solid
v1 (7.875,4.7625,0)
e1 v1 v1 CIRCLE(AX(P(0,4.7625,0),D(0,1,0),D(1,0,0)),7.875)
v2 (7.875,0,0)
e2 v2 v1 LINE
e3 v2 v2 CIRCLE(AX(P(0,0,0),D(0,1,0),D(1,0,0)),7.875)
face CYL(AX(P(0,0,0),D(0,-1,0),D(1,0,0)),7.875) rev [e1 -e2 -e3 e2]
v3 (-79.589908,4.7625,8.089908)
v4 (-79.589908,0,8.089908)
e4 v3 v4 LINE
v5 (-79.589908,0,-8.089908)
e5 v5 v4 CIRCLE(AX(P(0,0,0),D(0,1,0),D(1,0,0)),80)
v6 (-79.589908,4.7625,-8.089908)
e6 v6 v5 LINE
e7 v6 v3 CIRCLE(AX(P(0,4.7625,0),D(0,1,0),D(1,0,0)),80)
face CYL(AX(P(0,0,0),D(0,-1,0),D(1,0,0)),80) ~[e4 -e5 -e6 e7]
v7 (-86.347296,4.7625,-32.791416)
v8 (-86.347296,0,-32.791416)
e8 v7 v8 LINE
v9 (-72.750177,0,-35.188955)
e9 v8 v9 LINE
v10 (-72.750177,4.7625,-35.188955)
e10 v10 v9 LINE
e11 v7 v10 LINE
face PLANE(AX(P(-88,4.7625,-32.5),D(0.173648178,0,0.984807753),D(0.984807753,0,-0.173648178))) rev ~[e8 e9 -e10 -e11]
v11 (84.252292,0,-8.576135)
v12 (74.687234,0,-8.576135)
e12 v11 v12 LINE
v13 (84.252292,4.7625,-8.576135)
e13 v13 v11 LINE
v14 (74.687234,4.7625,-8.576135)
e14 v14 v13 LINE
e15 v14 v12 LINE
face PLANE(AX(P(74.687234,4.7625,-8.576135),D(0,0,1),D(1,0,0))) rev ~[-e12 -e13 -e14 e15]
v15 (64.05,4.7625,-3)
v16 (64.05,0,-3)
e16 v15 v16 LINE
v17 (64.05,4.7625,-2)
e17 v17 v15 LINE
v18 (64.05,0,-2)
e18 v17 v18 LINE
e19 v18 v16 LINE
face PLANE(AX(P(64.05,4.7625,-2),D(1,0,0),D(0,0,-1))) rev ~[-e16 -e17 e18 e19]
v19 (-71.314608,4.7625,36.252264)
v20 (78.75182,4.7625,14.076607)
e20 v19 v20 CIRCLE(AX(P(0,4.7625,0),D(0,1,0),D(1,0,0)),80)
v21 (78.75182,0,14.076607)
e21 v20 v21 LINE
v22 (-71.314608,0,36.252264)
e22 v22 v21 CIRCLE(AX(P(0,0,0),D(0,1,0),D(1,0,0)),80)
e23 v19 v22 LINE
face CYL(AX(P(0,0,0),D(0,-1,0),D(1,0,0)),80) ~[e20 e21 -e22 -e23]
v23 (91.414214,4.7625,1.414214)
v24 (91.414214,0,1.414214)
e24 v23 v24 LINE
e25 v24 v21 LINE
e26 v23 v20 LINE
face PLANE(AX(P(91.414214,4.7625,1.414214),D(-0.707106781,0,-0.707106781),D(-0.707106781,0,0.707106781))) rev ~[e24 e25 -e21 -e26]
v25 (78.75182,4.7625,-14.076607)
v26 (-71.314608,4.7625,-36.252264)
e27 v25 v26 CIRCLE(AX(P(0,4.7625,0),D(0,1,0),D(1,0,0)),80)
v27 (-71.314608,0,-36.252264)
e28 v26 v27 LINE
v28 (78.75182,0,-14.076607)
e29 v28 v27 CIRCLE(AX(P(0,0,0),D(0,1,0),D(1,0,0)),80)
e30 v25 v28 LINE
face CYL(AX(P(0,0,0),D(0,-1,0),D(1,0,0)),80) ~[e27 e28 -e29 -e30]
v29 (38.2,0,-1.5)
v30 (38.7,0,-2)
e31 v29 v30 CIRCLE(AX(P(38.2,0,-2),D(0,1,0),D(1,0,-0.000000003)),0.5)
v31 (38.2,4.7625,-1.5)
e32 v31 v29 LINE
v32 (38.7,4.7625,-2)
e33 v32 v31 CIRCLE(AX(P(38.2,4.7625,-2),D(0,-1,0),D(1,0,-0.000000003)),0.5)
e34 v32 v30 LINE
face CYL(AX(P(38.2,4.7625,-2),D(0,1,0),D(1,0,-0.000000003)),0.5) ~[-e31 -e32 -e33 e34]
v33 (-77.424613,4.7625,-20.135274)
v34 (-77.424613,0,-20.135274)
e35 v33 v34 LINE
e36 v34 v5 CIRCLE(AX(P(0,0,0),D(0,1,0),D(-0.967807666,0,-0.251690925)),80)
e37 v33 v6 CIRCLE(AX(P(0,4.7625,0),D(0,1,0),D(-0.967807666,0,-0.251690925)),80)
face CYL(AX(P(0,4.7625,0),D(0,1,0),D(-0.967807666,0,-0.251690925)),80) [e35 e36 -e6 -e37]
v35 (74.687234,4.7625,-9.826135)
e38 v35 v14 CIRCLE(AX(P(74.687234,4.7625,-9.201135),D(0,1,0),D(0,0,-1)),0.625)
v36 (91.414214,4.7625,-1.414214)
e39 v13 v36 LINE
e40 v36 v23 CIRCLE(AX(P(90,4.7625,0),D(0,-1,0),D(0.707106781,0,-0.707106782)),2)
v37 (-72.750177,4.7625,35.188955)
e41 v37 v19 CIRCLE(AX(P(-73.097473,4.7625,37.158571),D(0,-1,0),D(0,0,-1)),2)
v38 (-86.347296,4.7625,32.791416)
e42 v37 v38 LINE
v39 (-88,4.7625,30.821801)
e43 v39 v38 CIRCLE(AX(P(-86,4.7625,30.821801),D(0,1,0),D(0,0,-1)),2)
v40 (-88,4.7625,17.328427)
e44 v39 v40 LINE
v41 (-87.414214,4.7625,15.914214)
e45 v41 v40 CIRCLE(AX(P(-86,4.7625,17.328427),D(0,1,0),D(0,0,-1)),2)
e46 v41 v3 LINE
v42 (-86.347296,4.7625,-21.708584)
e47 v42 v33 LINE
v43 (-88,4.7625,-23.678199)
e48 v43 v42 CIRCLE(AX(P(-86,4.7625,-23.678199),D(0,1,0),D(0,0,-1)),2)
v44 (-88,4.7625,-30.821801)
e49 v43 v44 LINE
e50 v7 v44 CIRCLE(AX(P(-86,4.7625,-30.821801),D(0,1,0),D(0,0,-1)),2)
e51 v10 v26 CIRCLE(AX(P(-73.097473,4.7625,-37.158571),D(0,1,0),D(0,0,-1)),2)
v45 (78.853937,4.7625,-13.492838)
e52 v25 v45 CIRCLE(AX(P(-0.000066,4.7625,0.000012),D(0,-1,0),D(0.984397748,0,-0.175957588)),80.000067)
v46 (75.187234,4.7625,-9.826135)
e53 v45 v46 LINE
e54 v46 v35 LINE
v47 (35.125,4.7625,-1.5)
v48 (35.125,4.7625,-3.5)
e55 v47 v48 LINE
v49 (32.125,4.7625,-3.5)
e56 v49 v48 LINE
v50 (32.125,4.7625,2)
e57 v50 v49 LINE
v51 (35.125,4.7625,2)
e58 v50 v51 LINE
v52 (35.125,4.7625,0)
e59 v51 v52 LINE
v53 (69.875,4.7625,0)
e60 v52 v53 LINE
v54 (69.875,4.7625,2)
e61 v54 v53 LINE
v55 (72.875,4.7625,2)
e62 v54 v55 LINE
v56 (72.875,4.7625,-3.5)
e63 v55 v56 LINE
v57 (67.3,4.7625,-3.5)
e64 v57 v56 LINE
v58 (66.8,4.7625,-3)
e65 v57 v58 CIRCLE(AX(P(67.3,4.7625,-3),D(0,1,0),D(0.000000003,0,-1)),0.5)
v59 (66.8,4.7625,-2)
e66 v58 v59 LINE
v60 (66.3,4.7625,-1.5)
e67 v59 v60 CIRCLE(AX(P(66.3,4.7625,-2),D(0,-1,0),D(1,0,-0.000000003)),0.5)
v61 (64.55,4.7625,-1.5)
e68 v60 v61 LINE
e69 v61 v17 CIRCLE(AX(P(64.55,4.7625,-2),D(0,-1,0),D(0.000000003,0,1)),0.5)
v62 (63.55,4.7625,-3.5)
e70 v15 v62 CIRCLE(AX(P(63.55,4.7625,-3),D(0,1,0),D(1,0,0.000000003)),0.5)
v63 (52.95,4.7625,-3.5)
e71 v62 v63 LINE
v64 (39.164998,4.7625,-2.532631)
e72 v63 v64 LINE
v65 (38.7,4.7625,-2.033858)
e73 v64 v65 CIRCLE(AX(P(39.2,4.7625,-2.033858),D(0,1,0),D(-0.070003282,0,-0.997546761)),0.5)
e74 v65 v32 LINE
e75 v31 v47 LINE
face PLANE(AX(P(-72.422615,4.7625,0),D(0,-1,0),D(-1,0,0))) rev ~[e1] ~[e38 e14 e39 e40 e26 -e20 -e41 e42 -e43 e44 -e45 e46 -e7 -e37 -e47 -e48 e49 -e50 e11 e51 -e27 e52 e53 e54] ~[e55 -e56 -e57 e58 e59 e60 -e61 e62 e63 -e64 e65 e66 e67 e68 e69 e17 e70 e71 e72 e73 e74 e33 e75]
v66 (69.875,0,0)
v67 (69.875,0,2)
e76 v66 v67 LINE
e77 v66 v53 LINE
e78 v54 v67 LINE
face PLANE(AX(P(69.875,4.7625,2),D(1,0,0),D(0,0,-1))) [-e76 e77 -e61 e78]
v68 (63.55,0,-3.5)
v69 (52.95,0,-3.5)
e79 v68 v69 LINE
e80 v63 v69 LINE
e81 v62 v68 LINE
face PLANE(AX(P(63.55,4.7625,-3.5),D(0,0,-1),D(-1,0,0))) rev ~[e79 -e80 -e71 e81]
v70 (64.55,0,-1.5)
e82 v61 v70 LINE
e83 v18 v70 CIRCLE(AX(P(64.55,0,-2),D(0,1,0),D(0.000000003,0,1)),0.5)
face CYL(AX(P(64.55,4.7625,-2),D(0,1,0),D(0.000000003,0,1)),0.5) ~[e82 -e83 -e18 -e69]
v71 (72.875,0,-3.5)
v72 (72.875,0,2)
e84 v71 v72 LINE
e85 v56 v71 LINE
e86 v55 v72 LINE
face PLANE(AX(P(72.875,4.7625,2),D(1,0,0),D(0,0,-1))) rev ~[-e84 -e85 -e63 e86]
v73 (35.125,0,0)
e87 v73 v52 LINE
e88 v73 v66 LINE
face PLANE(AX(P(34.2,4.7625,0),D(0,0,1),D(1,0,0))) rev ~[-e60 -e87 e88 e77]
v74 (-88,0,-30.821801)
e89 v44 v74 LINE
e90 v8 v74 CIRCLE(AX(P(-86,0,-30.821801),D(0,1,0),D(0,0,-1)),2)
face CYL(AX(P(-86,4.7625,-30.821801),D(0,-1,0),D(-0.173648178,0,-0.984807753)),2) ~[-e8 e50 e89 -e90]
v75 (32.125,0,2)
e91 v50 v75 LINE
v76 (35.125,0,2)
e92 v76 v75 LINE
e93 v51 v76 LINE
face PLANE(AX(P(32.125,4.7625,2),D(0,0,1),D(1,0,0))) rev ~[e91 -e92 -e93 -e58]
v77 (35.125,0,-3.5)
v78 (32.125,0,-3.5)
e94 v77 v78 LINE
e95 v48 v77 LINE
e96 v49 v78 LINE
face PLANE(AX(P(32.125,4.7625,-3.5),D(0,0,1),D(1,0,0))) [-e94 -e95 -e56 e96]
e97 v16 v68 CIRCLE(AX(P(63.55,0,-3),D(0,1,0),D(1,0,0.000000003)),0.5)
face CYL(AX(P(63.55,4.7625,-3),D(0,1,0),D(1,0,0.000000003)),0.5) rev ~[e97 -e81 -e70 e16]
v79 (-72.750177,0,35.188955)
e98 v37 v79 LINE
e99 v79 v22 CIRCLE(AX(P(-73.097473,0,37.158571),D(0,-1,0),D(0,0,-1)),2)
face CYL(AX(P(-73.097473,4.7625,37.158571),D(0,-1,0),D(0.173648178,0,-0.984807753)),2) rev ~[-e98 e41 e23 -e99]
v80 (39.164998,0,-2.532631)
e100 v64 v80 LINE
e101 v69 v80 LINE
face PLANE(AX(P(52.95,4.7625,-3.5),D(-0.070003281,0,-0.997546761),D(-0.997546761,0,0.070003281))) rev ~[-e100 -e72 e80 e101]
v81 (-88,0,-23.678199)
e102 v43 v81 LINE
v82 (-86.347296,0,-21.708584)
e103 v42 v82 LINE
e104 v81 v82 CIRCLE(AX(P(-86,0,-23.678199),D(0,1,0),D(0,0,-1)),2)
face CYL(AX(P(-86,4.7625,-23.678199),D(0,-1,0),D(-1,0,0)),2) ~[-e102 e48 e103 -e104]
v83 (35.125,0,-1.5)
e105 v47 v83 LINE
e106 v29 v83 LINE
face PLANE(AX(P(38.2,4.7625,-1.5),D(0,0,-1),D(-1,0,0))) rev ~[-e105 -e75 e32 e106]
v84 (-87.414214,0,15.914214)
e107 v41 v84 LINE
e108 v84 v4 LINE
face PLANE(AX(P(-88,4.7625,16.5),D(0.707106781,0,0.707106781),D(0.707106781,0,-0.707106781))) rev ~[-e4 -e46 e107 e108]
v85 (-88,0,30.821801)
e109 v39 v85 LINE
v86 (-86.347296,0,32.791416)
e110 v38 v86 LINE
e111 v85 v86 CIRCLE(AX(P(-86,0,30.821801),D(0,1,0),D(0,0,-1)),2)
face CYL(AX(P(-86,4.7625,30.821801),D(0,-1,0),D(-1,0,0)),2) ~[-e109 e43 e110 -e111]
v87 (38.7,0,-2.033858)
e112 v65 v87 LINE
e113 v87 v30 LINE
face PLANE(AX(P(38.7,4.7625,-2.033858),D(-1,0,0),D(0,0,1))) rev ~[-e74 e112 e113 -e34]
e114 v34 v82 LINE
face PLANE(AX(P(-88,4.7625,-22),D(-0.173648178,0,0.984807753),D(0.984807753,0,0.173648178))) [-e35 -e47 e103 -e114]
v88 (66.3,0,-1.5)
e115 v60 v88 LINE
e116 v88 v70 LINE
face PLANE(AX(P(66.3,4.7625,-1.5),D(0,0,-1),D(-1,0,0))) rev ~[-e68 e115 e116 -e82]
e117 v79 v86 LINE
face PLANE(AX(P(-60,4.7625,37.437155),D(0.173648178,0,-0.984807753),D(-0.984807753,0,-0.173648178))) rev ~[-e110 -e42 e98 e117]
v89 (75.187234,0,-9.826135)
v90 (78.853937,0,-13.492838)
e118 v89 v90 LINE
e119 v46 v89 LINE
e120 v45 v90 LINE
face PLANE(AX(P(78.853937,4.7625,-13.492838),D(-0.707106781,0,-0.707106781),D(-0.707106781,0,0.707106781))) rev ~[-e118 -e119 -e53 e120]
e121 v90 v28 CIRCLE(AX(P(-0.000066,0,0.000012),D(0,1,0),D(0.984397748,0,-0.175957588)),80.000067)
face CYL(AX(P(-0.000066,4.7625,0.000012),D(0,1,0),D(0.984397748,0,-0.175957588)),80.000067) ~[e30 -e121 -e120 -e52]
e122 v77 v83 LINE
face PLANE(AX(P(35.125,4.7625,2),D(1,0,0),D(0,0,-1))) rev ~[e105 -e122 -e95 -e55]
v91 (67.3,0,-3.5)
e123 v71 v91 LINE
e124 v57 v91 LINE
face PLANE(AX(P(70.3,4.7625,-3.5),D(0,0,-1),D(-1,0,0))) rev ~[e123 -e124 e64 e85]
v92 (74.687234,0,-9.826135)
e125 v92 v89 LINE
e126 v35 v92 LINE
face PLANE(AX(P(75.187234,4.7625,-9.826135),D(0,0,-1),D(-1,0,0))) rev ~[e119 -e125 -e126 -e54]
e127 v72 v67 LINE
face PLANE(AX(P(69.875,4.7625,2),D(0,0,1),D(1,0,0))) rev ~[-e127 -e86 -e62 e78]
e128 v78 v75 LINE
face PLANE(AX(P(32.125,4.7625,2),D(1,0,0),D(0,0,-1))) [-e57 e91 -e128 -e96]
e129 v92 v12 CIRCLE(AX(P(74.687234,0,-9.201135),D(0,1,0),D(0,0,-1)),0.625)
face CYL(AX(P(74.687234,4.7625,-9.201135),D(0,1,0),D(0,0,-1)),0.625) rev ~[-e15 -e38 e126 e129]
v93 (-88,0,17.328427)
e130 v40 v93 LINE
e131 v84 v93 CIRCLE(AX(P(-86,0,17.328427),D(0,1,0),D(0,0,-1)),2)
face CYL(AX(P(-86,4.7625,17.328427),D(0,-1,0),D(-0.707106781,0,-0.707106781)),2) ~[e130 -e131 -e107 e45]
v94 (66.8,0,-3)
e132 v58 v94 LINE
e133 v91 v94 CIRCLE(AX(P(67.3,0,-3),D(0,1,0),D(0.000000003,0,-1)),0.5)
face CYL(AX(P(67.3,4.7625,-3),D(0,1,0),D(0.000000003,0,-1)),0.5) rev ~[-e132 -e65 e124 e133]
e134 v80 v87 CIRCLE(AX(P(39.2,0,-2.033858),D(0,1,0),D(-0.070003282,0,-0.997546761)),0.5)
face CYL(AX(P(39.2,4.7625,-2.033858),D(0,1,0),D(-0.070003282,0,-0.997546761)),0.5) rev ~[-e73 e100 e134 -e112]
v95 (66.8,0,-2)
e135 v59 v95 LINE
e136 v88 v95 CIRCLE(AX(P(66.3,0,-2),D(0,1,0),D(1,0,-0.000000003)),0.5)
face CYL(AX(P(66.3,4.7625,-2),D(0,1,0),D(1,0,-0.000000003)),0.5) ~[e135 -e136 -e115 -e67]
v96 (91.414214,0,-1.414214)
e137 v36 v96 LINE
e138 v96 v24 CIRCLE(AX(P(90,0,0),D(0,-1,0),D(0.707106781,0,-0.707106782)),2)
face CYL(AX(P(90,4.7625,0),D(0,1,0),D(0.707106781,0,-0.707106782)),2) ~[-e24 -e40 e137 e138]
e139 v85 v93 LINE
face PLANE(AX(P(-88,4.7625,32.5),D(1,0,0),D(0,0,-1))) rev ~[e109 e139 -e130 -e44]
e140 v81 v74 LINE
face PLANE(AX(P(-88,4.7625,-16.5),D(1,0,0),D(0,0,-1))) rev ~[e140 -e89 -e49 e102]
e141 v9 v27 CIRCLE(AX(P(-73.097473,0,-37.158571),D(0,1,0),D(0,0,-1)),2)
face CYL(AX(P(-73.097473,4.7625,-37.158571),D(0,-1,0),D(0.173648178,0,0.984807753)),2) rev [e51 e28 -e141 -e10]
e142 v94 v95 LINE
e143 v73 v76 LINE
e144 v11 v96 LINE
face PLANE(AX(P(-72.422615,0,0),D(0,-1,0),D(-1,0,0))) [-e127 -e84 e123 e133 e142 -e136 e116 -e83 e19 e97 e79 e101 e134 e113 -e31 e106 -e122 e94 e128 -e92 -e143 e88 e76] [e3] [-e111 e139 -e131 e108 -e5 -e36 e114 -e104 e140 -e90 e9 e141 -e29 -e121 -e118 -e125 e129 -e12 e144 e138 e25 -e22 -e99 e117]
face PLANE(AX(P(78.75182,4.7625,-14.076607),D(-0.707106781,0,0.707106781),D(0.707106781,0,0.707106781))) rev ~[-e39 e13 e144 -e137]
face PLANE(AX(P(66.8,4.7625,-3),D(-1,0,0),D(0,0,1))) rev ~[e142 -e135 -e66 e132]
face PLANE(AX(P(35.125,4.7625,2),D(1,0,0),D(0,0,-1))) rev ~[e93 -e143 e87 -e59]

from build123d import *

# Parameters (mm, degrees)
SKETCH1_R           = 80
SKETCH1_R_2         = 7.875
BOSS_EXTRUDE1_DEPTH = 4.7625
CUT_EXTRUDE1_DEPTH  = 5.7625
BOSS_EXTRUDE2_DEPTH = 4.7625
CUT_EXTRUDE2_DEPTH  = 5.7625
CUT_EXTRUDE5_DEPTH  = 5.7625
FILLET1_R           = 2
SKETCH8_W           = 3
SKETCH8_H           = 5.5
CUT_EXTRUDE6_DEPTH  = 5.7625


with BuildPart() as part:
    # Sketch1 → Boss-Extrude1 (new body)
    with BuildSketch(Plane(origin=(0, 0, 0), x_dir=(1, 0, 0), z_dir=(0, 1, 0))):
        Circle(SKETCH1_R)
        Circle(SKETCH1_R_2, mode=Mode.SUBTRACT)
    extrude(amount=BOSS_EXTRUDE1_DEPTH)

    # Sketch2 → Cut-Extrude1 (cut, through all)
    with BuildSketch(Plane(origin=(0, 4.7625, 0), x_dir=(1, 0, 0), z_dir=(0, 1, 0))):
        with BuildLine():
            Line((34.2, 0), (70.8, 0))
            Line((70.8, 0), (70.8, 3))
            ThreePointArc((70.8, 3), (70.653553391, 3.353553391), (70.3, 3.5))
            Line((70.3, 3.5), (67.3, 3.5))
            ThreePointArc((67.3, 3.5), (66.946446609, 3.353553391), (66.8, 3))
            Line((66.8, 3), (66.8, 2))
            ThreePointArc((66.8, 2), (66.653553391, 1.646446609), (66.3, 1.5))
            Line((66.3, 1.5), (64.55, 1.5))
            ThreePointArc((64.55, 1.5), (64.196446609, 1.646446609), (64.05, 2))
            Line((64.05, 2), (64.05, 3))
            ThreePointArc((64.05, 3), (63.903553391, 3.353553391), (63.55, 3.5))
            Line((63.55, 3.5), (52.95, 3.5))
            Line((52.95, 3.5), (39.164998359, 2.532631464))
            ThreePointArc((39.164998359, 2.532631464), (38.834280968, 2.374812024), (38.7, 2.033858083))
            Line((38.7, 2.033858083), (38.7, 2))
            ThreePointArc((38.7, 2), (38.553553391, 1.646446609), (38.2, 1.5))
            Line((38.2, 1.5), (34.7, 1.5))
            ThreePointArc((34.7, 1.5), (34.346446609, 1.353553391), (34.2, 1))
            Line((34.2, 1), (34.2, 0))
        make_face()
    extrude(amount=-CUT_EXTRUDE1_DEPTH, mode=Mode.SUBTRACT)

    # Sketch4 → Boss-Extrude2 (add)
    with BuildSketch(Plane(origin=(0, 4.7625, 0), x_dir=(1, 0, 0), z_dir=(0, 1, 0))):
        Polygon((-88, 32.5), (-60, 37.43715546), (-60, -37.43715546), (-88, -32.5), (-88, -16.5), (-71.5, 0), (-88, 16.5), align=None)
        with BuildLine():
            Line((78.751819834, 14.076607291), (91.414213562, 1.414213562))
            ThreePointArc((91.414213562, 1.414213562), (92, 0), (91.414213562, -1.414213562))
            Line((91.414213562, -1.414213562), (78.751819834, -14.076607291))
            Line((78.751819834, -14.076607291), (78.751819834, 14.076607291))
        make_face()
    extrude(amount=-BOSS_EXTRUDE2_DEPTH)

    # Sketch3 → Cut-Extrude2 (cut, through all)
    with BuildSketch(Plane(origin=(0, 4.7625, 0), x_dir=(1, 0, 0), z_dir=(0, 1, 0))):
        with BuildLine():
            Line((75.187234449, 9.826135427), (74.687234449, 9.826135427))
            ThreePointArc((74.687234449, 9.826135427), (74.062234449, 9.201135427), (74.687234449, 8.576135427))
            Line((74.687234449, 8.576135427), (84.252291698, 8.576135427))
            Line((84.252291698, 8.576135427), (78.751819834, 14.076607291))
            ThreePointArc((78.751819834, 14.076607291), (78.803418829, 13.784817039), (78.853936691, 13.492837669))
            Line((78.853936691, 13.492837669), (75.187234449, 9.826135427))
        make_face()
    extrude(amount=-CUT_EXTRUDE2_DEPTH, mode=Mode.SUBTRACT)

    # Sketch7 → Cut-Extrude5 (cut, through all)
    with BuildSketch(Plane(origin=(0, 4.7625, 0), x_dir=(1, 0, 0), z_dir=(0, 1, 0))):
        with BuildLine():
            Line((-88, 22), (-77.424613279, 20.13527399))
            ThreePointArc((-77.424613279, 20.13527399), (-78.737936574, 14.154057514), (-79.589907619, 8.089907619))
            Line((-79.589907619, 8.089907619), (-88, 16.5))
            Line((-88, 16.5), (-88, 22))
        make_face()
    extrude(amount=-CUT_EXTRUDE5_DEPTH, mode=Mode.SUBTRACT)

    # Fillet1
    fillet1_edges = [part.edges().sort_by_distance(p)[0] for p in [
        (-88, 2.38125, -22),
        (-71.75940266, 2.38125, 35.363655494),
        (-71.75940266, 2.38125, -35.363655494),
        (-88, 2.38125, -32.5),
        (-88, 2.38125, 16.5),
        (-88, 2.38125, 32.5),
    ]]
    fillet(fillet1_edges, radius=FILLET1_R)

    # Sketch8 → Cut-Extrude6 (cut, through all)
    with BuildSketch(Plane(origin=(0, 4.7625, 0), x_dir=(1, 0, 0), z_dir=(0, 1, 0))):
        with Locations((33.625, 0.75)):
            Rectangle(SKETCH8_W, SKETCH8_H)
        with Locations((71.375, 0.75)):
            Rectangle(SKETCH8_W, SKETCH8_H)
    extrude(amount=-CUT_EXTRUDE6_DEPTH, mode=Mode.SUBTRACT)


solid = part.part
